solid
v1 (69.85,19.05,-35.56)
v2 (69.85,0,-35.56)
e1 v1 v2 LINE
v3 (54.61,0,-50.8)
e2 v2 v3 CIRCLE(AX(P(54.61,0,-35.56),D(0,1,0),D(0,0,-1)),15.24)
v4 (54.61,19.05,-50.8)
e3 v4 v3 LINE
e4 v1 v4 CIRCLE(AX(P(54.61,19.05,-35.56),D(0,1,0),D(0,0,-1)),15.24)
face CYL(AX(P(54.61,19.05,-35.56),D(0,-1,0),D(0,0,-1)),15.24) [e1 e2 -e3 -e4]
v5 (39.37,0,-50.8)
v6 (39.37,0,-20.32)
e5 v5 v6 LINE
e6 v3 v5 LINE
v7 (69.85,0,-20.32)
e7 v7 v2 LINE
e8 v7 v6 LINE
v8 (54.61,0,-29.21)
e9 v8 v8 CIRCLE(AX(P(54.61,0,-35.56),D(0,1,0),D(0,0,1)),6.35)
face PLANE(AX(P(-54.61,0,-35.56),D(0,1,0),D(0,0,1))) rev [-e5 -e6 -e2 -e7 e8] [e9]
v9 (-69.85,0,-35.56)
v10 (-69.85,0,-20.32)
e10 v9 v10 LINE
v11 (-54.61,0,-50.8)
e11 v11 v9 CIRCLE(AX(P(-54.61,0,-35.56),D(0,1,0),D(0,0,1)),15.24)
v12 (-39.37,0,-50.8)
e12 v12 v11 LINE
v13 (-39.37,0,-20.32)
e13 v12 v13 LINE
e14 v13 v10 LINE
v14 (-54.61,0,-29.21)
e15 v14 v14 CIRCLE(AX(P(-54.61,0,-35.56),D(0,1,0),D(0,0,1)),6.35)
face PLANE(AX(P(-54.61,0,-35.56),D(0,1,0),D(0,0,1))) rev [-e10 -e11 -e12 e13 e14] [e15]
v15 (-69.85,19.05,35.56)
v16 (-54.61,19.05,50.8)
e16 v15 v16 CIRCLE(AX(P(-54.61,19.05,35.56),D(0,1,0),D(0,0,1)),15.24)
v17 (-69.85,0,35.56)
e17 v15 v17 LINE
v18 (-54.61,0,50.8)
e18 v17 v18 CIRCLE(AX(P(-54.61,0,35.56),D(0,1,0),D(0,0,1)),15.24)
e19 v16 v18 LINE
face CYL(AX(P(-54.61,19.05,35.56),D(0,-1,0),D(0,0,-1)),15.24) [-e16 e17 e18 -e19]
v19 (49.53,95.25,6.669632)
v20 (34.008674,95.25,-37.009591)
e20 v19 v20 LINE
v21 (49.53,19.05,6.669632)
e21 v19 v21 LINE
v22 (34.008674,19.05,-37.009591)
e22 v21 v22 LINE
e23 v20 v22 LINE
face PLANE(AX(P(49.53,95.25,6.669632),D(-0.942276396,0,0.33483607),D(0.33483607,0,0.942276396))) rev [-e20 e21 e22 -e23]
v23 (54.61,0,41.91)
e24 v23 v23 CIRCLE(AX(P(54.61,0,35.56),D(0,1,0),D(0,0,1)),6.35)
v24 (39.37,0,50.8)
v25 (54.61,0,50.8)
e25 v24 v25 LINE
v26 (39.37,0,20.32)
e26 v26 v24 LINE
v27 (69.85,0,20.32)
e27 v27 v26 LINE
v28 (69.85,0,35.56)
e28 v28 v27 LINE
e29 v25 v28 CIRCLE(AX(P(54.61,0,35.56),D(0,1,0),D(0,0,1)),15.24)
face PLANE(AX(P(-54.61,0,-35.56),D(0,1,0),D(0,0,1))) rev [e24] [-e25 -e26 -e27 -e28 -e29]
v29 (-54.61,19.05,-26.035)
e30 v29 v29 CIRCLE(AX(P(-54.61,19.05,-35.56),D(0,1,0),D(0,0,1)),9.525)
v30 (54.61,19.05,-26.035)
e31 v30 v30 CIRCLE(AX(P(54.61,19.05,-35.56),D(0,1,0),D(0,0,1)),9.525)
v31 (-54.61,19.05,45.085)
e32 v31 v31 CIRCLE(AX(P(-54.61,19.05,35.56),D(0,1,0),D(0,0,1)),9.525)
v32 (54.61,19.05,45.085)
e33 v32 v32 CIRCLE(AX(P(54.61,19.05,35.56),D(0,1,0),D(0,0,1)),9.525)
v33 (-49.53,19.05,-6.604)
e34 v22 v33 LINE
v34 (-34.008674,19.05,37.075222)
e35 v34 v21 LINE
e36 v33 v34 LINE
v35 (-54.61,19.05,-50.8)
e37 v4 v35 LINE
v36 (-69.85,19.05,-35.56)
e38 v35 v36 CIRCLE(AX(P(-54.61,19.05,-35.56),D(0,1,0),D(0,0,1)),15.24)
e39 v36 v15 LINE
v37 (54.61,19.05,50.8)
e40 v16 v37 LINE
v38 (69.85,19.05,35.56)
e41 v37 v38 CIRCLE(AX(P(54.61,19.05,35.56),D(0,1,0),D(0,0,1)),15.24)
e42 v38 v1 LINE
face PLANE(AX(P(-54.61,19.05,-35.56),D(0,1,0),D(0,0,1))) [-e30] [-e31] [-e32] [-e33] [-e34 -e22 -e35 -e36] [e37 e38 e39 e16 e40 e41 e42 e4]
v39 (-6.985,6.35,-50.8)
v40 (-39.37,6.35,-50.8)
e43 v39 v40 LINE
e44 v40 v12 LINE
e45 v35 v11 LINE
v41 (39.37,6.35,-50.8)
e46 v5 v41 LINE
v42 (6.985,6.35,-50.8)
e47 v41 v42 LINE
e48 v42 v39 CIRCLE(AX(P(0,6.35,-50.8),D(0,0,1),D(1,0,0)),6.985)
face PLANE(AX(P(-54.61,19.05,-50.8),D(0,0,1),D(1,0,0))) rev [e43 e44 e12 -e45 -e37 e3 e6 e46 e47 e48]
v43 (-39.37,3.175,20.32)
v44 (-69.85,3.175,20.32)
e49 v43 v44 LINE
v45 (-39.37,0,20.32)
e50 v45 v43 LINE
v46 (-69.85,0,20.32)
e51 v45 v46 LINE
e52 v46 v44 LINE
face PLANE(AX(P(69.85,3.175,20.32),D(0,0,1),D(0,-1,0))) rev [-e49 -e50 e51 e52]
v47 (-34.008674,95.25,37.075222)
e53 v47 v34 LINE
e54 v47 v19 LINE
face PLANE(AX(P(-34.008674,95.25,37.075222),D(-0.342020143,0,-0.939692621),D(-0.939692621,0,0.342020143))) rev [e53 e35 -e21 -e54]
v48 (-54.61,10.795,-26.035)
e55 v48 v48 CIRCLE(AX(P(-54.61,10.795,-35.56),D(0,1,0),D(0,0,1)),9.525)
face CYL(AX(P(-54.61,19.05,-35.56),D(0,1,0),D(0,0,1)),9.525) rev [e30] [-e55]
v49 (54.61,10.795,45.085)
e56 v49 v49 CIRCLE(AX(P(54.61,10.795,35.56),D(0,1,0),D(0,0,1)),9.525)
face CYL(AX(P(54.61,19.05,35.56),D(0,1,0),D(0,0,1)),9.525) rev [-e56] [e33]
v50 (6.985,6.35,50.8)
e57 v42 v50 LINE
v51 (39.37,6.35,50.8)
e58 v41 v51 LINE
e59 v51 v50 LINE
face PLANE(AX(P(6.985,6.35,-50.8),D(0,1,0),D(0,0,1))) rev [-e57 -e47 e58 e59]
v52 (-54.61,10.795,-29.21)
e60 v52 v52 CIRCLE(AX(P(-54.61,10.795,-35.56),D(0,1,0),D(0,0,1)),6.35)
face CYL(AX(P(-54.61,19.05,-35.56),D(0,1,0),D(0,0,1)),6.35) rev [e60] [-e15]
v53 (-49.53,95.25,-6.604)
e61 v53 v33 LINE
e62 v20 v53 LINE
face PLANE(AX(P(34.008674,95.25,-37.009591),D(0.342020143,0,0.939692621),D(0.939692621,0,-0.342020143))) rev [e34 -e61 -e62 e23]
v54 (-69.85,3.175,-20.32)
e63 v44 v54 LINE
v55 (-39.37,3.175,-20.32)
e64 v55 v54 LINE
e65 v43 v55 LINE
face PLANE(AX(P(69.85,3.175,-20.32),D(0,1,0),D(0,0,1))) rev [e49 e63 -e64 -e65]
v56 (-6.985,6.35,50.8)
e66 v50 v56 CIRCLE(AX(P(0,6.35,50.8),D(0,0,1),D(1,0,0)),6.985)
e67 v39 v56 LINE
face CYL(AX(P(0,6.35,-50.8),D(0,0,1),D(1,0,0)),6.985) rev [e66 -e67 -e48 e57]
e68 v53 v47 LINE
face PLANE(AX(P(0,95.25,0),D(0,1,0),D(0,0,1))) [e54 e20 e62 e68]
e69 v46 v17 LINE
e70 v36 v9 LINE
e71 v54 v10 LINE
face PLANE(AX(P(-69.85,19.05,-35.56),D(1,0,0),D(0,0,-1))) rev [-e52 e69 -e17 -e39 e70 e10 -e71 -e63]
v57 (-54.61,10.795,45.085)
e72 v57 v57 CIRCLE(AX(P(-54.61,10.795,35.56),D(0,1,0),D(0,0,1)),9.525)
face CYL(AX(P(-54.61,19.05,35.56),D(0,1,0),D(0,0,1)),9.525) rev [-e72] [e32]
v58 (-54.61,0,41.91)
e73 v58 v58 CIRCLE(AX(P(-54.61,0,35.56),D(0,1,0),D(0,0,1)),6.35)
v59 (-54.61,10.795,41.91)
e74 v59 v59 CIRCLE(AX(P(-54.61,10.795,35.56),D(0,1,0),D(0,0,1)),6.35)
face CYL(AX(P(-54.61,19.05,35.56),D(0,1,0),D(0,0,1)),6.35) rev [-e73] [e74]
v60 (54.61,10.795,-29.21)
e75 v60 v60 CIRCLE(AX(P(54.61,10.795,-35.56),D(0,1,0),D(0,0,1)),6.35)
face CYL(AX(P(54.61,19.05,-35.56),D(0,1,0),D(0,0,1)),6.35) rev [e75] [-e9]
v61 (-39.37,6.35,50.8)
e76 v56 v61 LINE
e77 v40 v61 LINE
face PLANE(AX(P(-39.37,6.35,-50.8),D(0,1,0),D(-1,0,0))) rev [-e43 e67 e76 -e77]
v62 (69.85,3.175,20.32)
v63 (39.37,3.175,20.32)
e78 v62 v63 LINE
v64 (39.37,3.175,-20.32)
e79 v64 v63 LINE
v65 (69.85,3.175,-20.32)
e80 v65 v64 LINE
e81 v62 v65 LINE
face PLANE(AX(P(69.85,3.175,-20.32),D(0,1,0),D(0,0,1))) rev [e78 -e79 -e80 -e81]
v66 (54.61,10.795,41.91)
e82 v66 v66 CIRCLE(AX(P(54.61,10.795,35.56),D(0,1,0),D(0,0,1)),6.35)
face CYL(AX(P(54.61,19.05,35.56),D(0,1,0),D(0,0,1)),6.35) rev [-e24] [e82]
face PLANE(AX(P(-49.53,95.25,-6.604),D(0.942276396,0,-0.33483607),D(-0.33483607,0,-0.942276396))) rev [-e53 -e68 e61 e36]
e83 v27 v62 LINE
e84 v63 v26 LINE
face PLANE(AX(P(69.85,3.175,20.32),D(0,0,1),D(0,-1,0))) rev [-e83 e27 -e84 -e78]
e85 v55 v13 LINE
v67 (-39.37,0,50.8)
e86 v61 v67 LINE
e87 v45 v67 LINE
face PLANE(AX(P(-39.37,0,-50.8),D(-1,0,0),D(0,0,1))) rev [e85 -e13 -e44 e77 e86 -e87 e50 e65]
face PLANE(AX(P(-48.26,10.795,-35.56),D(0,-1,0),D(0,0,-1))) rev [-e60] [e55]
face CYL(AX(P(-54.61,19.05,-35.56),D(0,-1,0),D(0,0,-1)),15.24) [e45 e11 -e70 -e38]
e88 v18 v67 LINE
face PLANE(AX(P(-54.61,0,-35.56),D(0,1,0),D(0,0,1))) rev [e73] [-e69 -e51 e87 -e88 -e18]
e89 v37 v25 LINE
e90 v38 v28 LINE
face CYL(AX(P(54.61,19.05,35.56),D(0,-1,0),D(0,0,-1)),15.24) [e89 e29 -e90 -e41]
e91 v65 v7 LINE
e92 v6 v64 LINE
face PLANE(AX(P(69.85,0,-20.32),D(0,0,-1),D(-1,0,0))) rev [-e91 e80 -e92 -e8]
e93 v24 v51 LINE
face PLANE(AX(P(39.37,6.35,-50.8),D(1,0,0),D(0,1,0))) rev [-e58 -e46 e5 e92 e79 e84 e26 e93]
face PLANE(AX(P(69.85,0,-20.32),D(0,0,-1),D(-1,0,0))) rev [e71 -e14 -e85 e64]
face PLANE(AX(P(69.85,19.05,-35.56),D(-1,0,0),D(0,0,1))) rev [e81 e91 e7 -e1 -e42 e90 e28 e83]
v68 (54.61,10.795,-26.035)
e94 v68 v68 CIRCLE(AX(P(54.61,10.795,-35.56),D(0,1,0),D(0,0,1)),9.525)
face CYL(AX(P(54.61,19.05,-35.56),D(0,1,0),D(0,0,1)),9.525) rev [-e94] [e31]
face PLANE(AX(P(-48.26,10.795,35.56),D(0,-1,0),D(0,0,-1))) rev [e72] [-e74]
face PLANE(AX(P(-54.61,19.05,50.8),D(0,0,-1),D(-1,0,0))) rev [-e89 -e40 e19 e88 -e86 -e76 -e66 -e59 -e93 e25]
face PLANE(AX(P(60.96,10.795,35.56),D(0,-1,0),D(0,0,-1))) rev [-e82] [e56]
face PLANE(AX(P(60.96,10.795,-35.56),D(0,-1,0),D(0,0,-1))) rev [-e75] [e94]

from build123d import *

# Parameters (mm, degrees)
BOSS_EXTRUDE1_DEPTH                      = 19.05
CBORE_FOR_1_2_HEX_HEAD_BOLT1_D           = 12.7
CBORE_FOR_1_2_HEX_HEAD_BOLT1_DEPTH       = 19.05
CBORE_FOR_1_2_HEX_HEAD_BOLT1_CBORE_D     = 19.05
CBORE_FOR_1_2_HEX_HEAD_BOLT1_CBORE_DEPTH = 8.255
CUT_EXTRUDE1_DEPTH                       = 102.6
SKETCH5_W                                = 40.64
SKETCH5_H                                = 3.175
CUT_EXTRUDE2_DEPTH                       = 140.7
BOSS_EXTRUDE2_DEPTH                      = 76.2


with BuildPart() as part:
    # Sketch1 → Boss-Extrude1 (new body)
    with BuildSketch(Plane(origin=(0, 0, 0), x_dir=(1, 0, 0), z_dir=(0, 1, 0))):
        with BuildLine():
            Line((-54.61, 50.8), (54.61, 50.8))
            ThreePointArc((54.61, 50.8), (65.386307345, 46.336307345), (69.85, 35.56))
            Line((69.85, 35.56), (69.85, -35.56))
            ThreePointArc((69.85, -35.56), (65.386307345, -46.336307345), (54.61, -50.8))
            Line((54.61, -50.8), (-54.61, -50.8))
            ThreePointArc((-54.61, -50.8), (-65.386307345, -46.336307345), (-69.85, -35.56))
            Line((-69.85, -35.56), (-69.85, 35.56))
            ThreePointArc((-69.85, 35.56), (-65.386307345, 46.336307345), (-54.61, 50.8))
        make_face()
    extrude(amount=BOSS_EXTRUDE1_DEPTH)

    # CBORE for 1/2 Hex Head Bolt1
    with Locations(Plane(origin=(0, 19.05, 0), x_dir=(1, 0, 0), z_dir=(0, 1, 0))):
        with Locations((-54.61, 35.56), (54.61, 35.56), (-54.61, -35.56), (54.61, -35.56)):
            CounterBoreHole(CBORE_FOR_1_2_HEX_HEAD_BOLT1_D / 2, CBORE_FOR_1_2_HEX_HEAD_BOLT1_CBORE_D / 2, CBORE_FOR_1_2_HEX_HEAD_BOLT1_CBORE_DEPTH, depth=CBORE_FOR_1_2_HEX_HEAD_BOLT1_DEPTH)

    # Sketch4 → Cut-Extrude1 (cut, through all)
    with BuildSketch(Plane.XY.offset(50.8)):
        with BuildLine():
            Line((-39.37, 0), (-39.37, 6.35))
            Line((-39.37, 6.35), (-6.985, 6.35))
            ThreePointArc((-6.985, 6.35), (0, 13.335), (6.985, 6.35))
            Line((6.985, 6.35), (39.37, 6.35))
            Line((39.37, 6.35), (39.37, 0))
            Line((39.37, 0), (-39.37, 0))
        make_face()
    extrude(amount=-CUT_EXTRUDE1_DEPTH, mode=Mode.SUBTRACT)

    # Sketch5 → Cut-Extrude2 (cut, through all)
    with BuildSketch(Plane.ZY.offset(69.85)):
        with Locations((0, 1.5875)):
            Rectangle(SKETCH5_W, SKETCH5_H)
    extrude(amount=-CUT_EXTRUDE2_DEPTH, mode=Mode.SUBTRACT)

    # Sketch6 → Boss-Extrude2 (add)
    with BuildSketch(Plane(origin=(0, 19.05, 0), x_dir=(1, 0, 0), z_dir=(0, 1, 0))):
        Polygon((-49.53, 6.604), (-34.008673988, -37.075222335), (49.53, -6.669631594), (34.008673988, 37.009590742), align=None)
    extrude(amount=BOSS_EXTRUDE2_DEPTH)


solid = part.part
